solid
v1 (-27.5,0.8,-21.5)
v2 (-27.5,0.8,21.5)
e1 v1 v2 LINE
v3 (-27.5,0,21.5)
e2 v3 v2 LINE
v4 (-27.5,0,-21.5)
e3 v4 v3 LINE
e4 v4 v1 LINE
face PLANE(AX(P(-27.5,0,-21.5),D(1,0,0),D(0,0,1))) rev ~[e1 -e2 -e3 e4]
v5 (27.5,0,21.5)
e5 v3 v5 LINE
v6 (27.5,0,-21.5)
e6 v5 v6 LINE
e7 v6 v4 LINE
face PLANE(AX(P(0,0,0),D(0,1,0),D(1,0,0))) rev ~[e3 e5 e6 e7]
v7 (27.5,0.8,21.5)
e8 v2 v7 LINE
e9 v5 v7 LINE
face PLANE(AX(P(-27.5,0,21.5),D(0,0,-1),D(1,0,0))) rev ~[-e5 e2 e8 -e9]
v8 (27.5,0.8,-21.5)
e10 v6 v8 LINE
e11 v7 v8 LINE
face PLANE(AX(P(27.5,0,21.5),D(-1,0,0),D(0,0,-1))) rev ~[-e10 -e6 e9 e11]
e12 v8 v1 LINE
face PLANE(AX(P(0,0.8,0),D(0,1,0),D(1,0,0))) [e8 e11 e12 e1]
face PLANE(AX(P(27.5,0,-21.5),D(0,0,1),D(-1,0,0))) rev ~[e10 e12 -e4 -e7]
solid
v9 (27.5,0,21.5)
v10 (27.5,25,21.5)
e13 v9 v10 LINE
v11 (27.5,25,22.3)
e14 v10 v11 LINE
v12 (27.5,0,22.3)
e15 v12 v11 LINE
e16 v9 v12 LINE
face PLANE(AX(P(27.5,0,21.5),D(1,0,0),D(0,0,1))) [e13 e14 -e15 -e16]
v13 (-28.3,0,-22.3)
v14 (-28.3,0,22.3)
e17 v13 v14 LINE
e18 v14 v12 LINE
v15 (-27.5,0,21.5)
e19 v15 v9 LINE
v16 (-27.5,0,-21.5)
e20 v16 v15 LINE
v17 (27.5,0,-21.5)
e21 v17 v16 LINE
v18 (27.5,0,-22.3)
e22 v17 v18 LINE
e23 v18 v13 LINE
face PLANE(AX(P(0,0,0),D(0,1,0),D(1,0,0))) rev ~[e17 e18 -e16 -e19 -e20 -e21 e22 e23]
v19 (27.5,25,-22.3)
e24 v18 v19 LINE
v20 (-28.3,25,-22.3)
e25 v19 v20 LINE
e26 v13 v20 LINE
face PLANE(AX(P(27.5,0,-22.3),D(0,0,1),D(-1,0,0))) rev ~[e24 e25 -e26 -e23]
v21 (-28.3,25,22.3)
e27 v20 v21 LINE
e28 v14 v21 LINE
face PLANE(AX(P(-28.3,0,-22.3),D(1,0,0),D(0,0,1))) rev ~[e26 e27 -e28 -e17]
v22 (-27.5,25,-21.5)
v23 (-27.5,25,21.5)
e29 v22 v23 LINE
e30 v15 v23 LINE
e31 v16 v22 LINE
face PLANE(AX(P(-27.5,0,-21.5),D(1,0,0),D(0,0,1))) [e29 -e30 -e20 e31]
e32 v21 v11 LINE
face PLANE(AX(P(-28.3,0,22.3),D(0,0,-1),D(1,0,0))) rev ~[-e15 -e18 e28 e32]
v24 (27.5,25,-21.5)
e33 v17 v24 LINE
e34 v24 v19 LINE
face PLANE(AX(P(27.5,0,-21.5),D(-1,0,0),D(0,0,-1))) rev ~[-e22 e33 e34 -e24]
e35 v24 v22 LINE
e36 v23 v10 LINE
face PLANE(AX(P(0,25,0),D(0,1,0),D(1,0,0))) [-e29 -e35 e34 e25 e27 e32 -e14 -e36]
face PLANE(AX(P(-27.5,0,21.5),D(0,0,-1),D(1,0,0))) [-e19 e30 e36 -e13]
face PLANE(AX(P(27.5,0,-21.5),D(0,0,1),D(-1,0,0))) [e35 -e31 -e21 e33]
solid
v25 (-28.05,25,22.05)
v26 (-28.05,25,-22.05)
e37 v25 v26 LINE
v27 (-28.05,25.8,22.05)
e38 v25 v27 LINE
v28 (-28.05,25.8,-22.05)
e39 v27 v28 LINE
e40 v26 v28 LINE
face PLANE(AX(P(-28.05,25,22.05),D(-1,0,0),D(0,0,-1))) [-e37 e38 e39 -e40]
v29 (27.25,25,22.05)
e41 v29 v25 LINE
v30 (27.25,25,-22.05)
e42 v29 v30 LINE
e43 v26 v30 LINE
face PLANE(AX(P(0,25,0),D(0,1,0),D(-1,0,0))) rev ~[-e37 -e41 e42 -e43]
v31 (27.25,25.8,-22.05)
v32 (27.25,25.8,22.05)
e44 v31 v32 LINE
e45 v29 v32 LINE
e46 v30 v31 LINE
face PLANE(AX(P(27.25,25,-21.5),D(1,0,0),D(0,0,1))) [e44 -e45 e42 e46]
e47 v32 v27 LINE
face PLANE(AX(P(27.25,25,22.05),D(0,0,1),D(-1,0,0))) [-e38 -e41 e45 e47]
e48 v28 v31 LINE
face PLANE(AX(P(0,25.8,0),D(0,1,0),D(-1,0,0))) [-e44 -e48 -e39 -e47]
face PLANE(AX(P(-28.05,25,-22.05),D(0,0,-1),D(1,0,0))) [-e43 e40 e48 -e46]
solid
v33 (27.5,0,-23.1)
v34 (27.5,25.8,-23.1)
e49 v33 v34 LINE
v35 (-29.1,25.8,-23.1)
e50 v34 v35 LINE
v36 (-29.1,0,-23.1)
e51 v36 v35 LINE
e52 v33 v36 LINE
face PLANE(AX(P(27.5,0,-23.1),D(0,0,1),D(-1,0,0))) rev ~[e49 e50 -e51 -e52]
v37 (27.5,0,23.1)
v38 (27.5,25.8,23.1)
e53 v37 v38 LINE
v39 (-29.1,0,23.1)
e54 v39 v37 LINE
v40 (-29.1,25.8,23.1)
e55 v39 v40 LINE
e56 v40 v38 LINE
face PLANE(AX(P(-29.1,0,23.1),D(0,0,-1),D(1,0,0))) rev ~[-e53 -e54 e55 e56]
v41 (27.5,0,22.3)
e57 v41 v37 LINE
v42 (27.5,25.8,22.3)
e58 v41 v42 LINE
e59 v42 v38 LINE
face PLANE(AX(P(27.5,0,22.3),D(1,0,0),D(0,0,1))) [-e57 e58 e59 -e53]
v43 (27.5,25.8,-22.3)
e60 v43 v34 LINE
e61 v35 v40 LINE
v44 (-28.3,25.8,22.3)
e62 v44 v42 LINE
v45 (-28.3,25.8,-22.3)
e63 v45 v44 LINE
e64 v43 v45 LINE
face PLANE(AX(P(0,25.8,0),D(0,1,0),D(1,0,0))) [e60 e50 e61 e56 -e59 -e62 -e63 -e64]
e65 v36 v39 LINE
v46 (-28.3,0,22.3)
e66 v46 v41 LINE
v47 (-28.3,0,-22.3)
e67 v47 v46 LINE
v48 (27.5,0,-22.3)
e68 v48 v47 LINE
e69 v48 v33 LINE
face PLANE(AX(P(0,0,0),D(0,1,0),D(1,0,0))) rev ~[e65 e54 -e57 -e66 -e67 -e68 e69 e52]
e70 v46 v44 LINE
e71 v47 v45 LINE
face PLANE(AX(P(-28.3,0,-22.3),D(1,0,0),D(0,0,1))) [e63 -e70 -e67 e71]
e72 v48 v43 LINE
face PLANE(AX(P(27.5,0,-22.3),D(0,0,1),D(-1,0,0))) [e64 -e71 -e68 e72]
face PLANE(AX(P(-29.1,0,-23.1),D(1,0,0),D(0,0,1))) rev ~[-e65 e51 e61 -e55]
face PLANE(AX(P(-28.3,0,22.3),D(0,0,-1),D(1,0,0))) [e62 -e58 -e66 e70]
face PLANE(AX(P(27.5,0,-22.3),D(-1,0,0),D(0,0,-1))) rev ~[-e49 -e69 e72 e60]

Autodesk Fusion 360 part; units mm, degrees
sketch "Sketch1" plane through (0, 0, 0) normal (0, 1, 0) x (1, 0, 0) in component "Bottom"
  line L0 (27.5, 21.5) -> (-27.5, 21.5)
  line L1 (-27.5, 21.5) -> (-27.5, -21.5)
  line L2 (-27.5, -21.5) -> (27.5, -21.5)
  line L3 (27.5, -21.5) -> (27.5, 21.5)
  line L4 (27.5, 21.5) -> (-27.5, -21.5) construction
  line L5 (-27.5, 21.5) -> (27.5, -21.5) construction
  line L6 (-28.3, 22.3) -> (-28.3, -22.3)
  line L7 (-28.3, -22.3) -> (28.3, -22.3)
  line L8 (28.3, -22.3) -> (28.3, 22.3)
  line L9 (28.3, 22.3) -> (-28.3, 22.3)
  line L10 (-29.1, 23.1) -> (-29.1, -23.1)
  line L11 (-29.1, -23.1) -> (29.1, -23.1)
  line L12 (29.1, -23.1) -> (29.1, 23.1)
  line L13 (29.1, 23.1) -> (-29.1, 23.1)
  line L14 (27.5, 21.5) -> (27.5, 23.1)
  line L15 (27.5, -21.5) -> (27.5, -23.1)
  dimension "d1" = 55
  dimension "d2" = 43
  dimension "d8" = 0.8
  dimension "d9" = 1.6
extrude "Extrude2" add sketch "Sketch1" along normal blind 25 contours L0 L1 L2 L6 L7 L9 L14 L15 makes body 1 in component "Bottom"
extrude "Extrude1" add sketch "Sketch1" along normal blind 0.8 separate body contours L0 L1 L2 L3 makes body 2 in component "Bottom"
extrude "Extrude3" add sketch "Sketch1" along normal blind 25.8 separate body contours L6 L7 L9 L10 L11 L13 L14 L15 makes body 3 in component "Bottom"
sketch "Sketch2" plane through (0, 0, 0) normal (0, 1, 0) x (1, 0, 0) in component "Bottom"
sketch "Sketch2 (2)" plane through (0, 25, 0) normal (0, 1, 0) x (-1, 0, 0) in component "Top"
  line L0 (-27.5, -21.5) -> (-27.5, -22.3)
  line L1 (-27.5, -22.3) -> (28.3, -22.3)
  line L2 (28.3, -22.3) -> (28.3, 22.3)
  line L3 (28.3, 22.3) -> (-27.5, 22.3)
  line L4 (-27.5, 22.3) -> (-27.5, 21.5)
  line L5 (-27.5, 21.5) -> (27.5, 21.5)
  line L6 (27.5, 21.5) -> (27.5, -21.5)
  line L7 (27.5, -21.5) -> (-27.5, -21.5)
  line L8 (28.3, -22.3) -> (-27.5, -22.3)
  line L9 (-27.5, -22.3) -> (-27.5, 22.3)
  line L10 (-27.5, 22.3) -> (28.3, 22.3)
  line L11 (28.3, 22.3) -> (28.3, -22.3)
  line L12 (-27.25, 22.05) -> (28.05, 22.05)
  line L13 (28.05, 22.05) -> (28.05, -22.05)
  line L14 (28.05, -22.05) -> (-27.25, -22.05)
  line L15 (-27.25, -22.05) -> (-27.25, 22.05)
  dimension "d18" = 0.25
extrude "Extrude1'" add sketch "Sketch2 (2)" along normal blind 0.8 separate body contours L5 L6 L7 L15 | L5 L6 L7 L12 L13 L14 L15 makes body 4 in component "Top"
component "Top" placed x (1, 0, 0) y (0, 1, 0) z (0, 0, 1) at (0, 0, 0)
component "Bottom" placed x (1, 0, 0) y (0, 1, 0) z (0, 0, 1) at (0, 0, 0)
equation "d1 = Length"
equation "d2 = Width"
equation "Width = 43 mm"
equation "Length = 55 mm"
equation "Height = 80 mm"
equation "InnerWall = 0.8 mm"
equation "OuterWall = 0.8 mm"
equation "d8 = InnerWall"
equation "d9 = InnerWall + OuterWall"
equation "d10 = InnerWall"
equation "InnerWallHeight = 25 mm"
equation "OuterWallheight = 30 mm"
equation "d14 = InnerWallHeight"
equation "d16 = InnerWallHeight + InnerWall"
equation "d19 = InnerWall"
